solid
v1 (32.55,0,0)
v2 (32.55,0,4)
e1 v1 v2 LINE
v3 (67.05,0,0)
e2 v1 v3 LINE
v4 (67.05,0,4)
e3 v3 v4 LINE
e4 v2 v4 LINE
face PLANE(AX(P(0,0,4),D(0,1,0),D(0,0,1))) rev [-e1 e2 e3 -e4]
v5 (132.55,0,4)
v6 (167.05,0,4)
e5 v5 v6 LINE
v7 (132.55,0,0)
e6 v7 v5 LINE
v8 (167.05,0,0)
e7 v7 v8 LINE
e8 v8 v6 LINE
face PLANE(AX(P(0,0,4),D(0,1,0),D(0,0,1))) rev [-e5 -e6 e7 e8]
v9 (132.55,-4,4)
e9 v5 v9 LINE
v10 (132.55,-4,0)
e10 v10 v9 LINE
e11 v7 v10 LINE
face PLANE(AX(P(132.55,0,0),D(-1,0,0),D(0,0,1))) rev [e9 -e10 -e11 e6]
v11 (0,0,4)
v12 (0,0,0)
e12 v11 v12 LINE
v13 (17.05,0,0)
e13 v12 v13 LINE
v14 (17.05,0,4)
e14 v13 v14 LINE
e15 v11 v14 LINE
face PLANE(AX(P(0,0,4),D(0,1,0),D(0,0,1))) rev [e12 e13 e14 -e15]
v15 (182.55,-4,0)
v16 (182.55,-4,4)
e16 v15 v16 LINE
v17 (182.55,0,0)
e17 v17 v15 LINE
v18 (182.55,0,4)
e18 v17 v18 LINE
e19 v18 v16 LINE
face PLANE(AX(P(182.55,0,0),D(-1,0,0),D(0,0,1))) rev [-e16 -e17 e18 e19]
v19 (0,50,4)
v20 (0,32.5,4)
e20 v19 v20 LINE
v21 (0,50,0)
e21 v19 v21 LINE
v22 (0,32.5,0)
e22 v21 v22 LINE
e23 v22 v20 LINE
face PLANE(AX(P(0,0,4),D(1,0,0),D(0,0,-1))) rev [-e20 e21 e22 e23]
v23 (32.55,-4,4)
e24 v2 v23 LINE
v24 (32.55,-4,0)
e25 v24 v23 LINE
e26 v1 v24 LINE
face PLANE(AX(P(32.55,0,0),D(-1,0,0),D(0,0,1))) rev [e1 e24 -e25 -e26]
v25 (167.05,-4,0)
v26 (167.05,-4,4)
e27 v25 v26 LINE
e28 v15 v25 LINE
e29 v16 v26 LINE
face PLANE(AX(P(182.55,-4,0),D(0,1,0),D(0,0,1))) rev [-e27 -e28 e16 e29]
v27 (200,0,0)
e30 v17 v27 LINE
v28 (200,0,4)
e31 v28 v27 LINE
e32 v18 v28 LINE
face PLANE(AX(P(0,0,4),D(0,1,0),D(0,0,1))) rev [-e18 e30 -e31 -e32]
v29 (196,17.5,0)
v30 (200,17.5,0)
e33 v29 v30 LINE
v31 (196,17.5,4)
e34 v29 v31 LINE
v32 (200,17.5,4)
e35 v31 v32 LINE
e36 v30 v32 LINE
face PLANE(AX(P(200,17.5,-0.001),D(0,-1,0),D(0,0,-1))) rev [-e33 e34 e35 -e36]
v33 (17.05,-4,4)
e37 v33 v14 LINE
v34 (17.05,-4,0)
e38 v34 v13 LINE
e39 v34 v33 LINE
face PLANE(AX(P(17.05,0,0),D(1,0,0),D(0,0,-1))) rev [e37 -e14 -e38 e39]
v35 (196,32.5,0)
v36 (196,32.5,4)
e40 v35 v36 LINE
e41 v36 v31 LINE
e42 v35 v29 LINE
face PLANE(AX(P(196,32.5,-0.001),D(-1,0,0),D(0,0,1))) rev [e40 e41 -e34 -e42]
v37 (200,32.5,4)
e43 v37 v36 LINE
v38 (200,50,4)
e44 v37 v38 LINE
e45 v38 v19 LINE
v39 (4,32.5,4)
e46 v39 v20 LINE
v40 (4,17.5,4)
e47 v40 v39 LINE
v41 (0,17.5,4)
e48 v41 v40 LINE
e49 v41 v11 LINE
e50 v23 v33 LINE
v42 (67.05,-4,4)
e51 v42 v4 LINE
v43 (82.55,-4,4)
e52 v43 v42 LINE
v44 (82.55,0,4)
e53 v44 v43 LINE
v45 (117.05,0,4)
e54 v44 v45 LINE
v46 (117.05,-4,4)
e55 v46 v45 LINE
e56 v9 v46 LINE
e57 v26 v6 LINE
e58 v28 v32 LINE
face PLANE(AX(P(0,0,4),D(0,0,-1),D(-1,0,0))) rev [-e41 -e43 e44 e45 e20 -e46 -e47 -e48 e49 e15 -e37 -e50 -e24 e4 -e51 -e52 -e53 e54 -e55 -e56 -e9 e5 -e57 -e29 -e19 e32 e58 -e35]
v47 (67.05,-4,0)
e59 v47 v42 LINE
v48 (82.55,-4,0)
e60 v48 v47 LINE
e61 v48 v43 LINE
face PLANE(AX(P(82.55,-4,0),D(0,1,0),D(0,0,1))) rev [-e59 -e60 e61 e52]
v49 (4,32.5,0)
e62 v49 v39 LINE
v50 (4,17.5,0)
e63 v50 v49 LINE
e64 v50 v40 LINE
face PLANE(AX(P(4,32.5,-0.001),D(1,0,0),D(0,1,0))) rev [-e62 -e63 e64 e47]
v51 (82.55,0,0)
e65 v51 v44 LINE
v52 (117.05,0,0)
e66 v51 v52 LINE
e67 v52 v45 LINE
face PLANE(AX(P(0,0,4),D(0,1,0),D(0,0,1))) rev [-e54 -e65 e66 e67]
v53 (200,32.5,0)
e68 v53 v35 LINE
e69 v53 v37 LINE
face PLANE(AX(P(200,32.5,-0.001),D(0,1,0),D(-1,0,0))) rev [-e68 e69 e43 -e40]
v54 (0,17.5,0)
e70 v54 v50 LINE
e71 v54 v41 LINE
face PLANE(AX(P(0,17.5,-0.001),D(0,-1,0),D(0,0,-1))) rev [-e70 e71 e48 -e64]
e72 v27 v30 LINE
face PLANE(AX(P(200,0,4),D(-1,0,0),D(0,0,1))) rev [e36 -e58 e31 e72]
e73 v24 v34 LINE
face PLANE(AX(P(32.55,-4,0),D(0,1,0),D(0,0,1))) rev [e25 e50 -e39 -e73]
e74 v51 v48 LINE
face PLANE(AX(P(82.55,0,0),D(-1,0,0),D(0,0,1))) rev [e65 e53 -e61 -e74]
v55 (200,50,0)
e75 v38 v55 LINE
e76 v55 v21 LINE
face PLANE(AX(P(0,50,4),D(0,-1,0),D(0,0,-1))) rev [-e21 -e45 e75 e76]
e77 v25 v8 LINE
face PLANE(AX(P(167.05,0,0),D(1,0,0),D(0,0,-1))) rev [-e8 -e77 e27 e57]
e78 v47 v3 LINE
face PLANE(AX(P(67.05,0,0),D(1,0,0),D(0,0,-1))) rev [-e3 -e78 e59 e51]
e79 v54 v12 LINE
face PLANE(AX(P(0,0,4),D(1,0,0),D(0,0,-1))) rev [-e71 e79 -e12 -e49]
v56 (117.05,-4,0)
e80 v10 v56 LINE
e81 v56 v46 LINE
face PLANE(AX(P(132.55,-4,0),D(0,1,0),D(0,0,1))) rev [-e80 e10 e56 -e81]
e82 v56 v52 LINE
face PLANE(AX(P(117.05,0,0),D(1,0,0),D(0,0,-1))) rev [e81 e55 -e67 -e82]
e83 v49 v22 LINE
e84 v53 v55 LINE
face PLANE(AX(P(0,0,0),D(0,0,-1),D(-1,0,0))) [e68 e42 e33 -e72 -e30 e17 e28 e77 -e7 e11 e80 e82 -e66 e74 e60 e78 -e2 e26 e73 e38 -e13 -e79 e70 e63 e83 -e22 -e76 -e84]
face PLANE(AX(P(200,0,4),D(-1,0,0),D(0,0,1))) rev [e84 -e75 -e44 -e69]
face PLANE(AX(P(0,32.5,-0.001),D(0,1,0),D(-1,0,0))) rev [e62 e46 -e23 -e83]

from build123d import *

# Parameters (mm, degrees)
SKIZZE1_W                       = 200
SKIZZE1_H                       = 50
AUFSATZ_LINEAR_AUSTRAGEN1_DEPTH = 4
SKIZZE2_W                       = 15.5
SKIZZE2_H                       = 4
AUFSATZ_LINEAR_AUSTRAGEN2_DEPTH = 4
SCHNITT_LINEAR_AUSTRAGEN1_REACH = 6
SKIZZE4_W                       = 4
SKIZZE4_H                       = 15


with BuildPart() as part:
    # Skizze1 → Aufsatz-Linear austragen1 (new body)
    with BuildSketch(Plane.XY):
        with Locations((100, 25)):
            Rectangle(SKIZZE1_W, SKIZZE1_H)
    extrude(amount=AUFSATZ_LINEAR_AUSTRAGEN1_DEPTH)

    # Skizze2 → Aufsatz-Linear austragen2 (add)
    with BuildSketch(Plane(origin=(0, 0, 4), x_dir=(-1, 0, 0), z_dir=(0, 0, -1))):
        with Locations((-174.8, -2)):
            Rectangle(SKIZZE2_W, SKIZZE2_H)
        with Locations((-124.8, -2)):
            Rectangle(SKIZZE2_W, SKIZZE2_H)
        with Locations((-74.8, -2)):
            Rectangle(SKIZZE2_W, SKIZZE2_H)
        with Locations((-24.8, -2)):
            Rectangle(SKIZZE2_W, SKIZZE2_H)
    extrude(amount=AUFSATZ_LINEAR_AUSTRAGEN2_DEPTH)

    # Skizze4 → Schnitt-Linear austragen1 (cut, up to next)
    with BuildSketch(Plane.XY.offset(4), mode=Mode.PRIVATE) as schnitt_linear_austragen1_sk1:
        with Locations((2, 25)):
            Rectangle(SKIZZE4_W, SKIZZE4_H)
    schnitt_linear_austragen1_tool1 = extrude(schnitt_linear_austragen1_sk1.sketch, amount=-SCHNITT_LINEAR_AUSTRAGEN1_REACH, mode=Mode.PRIVATE) & part.part
    add(schnitt_linear_austragen1_tool1.solids().sort_by_distance((2, 25, 4))[0], mode=Mode.SUBTRACT)
    # Skizze4 → Schnitt-Linear austragen1 (cut, up to next)
    with BuildSketch(Plane.XY.offset(4), mode=Mode.PRIVATE) as schnitt_linear_austragen1_sk2:
        with Locations((198, 25)):
            Rectangle(SKIZZE4_W, SKIZZE4_H)
    schnitt_linear_austragen1_tool2 = extrude(schnitt_linear_austragen1_sk2.sketch, amount=-SCHNITT_LINEAR_AUSTRAGEN1_REACH, mode=Mode.PRIVATE) & part.part
    add(schnitt_linear_austragen1_tool2.solids().sort_by_distance((198, 25, 4))[0], mode=Mode.SUBTRACT)


solid = part.part
